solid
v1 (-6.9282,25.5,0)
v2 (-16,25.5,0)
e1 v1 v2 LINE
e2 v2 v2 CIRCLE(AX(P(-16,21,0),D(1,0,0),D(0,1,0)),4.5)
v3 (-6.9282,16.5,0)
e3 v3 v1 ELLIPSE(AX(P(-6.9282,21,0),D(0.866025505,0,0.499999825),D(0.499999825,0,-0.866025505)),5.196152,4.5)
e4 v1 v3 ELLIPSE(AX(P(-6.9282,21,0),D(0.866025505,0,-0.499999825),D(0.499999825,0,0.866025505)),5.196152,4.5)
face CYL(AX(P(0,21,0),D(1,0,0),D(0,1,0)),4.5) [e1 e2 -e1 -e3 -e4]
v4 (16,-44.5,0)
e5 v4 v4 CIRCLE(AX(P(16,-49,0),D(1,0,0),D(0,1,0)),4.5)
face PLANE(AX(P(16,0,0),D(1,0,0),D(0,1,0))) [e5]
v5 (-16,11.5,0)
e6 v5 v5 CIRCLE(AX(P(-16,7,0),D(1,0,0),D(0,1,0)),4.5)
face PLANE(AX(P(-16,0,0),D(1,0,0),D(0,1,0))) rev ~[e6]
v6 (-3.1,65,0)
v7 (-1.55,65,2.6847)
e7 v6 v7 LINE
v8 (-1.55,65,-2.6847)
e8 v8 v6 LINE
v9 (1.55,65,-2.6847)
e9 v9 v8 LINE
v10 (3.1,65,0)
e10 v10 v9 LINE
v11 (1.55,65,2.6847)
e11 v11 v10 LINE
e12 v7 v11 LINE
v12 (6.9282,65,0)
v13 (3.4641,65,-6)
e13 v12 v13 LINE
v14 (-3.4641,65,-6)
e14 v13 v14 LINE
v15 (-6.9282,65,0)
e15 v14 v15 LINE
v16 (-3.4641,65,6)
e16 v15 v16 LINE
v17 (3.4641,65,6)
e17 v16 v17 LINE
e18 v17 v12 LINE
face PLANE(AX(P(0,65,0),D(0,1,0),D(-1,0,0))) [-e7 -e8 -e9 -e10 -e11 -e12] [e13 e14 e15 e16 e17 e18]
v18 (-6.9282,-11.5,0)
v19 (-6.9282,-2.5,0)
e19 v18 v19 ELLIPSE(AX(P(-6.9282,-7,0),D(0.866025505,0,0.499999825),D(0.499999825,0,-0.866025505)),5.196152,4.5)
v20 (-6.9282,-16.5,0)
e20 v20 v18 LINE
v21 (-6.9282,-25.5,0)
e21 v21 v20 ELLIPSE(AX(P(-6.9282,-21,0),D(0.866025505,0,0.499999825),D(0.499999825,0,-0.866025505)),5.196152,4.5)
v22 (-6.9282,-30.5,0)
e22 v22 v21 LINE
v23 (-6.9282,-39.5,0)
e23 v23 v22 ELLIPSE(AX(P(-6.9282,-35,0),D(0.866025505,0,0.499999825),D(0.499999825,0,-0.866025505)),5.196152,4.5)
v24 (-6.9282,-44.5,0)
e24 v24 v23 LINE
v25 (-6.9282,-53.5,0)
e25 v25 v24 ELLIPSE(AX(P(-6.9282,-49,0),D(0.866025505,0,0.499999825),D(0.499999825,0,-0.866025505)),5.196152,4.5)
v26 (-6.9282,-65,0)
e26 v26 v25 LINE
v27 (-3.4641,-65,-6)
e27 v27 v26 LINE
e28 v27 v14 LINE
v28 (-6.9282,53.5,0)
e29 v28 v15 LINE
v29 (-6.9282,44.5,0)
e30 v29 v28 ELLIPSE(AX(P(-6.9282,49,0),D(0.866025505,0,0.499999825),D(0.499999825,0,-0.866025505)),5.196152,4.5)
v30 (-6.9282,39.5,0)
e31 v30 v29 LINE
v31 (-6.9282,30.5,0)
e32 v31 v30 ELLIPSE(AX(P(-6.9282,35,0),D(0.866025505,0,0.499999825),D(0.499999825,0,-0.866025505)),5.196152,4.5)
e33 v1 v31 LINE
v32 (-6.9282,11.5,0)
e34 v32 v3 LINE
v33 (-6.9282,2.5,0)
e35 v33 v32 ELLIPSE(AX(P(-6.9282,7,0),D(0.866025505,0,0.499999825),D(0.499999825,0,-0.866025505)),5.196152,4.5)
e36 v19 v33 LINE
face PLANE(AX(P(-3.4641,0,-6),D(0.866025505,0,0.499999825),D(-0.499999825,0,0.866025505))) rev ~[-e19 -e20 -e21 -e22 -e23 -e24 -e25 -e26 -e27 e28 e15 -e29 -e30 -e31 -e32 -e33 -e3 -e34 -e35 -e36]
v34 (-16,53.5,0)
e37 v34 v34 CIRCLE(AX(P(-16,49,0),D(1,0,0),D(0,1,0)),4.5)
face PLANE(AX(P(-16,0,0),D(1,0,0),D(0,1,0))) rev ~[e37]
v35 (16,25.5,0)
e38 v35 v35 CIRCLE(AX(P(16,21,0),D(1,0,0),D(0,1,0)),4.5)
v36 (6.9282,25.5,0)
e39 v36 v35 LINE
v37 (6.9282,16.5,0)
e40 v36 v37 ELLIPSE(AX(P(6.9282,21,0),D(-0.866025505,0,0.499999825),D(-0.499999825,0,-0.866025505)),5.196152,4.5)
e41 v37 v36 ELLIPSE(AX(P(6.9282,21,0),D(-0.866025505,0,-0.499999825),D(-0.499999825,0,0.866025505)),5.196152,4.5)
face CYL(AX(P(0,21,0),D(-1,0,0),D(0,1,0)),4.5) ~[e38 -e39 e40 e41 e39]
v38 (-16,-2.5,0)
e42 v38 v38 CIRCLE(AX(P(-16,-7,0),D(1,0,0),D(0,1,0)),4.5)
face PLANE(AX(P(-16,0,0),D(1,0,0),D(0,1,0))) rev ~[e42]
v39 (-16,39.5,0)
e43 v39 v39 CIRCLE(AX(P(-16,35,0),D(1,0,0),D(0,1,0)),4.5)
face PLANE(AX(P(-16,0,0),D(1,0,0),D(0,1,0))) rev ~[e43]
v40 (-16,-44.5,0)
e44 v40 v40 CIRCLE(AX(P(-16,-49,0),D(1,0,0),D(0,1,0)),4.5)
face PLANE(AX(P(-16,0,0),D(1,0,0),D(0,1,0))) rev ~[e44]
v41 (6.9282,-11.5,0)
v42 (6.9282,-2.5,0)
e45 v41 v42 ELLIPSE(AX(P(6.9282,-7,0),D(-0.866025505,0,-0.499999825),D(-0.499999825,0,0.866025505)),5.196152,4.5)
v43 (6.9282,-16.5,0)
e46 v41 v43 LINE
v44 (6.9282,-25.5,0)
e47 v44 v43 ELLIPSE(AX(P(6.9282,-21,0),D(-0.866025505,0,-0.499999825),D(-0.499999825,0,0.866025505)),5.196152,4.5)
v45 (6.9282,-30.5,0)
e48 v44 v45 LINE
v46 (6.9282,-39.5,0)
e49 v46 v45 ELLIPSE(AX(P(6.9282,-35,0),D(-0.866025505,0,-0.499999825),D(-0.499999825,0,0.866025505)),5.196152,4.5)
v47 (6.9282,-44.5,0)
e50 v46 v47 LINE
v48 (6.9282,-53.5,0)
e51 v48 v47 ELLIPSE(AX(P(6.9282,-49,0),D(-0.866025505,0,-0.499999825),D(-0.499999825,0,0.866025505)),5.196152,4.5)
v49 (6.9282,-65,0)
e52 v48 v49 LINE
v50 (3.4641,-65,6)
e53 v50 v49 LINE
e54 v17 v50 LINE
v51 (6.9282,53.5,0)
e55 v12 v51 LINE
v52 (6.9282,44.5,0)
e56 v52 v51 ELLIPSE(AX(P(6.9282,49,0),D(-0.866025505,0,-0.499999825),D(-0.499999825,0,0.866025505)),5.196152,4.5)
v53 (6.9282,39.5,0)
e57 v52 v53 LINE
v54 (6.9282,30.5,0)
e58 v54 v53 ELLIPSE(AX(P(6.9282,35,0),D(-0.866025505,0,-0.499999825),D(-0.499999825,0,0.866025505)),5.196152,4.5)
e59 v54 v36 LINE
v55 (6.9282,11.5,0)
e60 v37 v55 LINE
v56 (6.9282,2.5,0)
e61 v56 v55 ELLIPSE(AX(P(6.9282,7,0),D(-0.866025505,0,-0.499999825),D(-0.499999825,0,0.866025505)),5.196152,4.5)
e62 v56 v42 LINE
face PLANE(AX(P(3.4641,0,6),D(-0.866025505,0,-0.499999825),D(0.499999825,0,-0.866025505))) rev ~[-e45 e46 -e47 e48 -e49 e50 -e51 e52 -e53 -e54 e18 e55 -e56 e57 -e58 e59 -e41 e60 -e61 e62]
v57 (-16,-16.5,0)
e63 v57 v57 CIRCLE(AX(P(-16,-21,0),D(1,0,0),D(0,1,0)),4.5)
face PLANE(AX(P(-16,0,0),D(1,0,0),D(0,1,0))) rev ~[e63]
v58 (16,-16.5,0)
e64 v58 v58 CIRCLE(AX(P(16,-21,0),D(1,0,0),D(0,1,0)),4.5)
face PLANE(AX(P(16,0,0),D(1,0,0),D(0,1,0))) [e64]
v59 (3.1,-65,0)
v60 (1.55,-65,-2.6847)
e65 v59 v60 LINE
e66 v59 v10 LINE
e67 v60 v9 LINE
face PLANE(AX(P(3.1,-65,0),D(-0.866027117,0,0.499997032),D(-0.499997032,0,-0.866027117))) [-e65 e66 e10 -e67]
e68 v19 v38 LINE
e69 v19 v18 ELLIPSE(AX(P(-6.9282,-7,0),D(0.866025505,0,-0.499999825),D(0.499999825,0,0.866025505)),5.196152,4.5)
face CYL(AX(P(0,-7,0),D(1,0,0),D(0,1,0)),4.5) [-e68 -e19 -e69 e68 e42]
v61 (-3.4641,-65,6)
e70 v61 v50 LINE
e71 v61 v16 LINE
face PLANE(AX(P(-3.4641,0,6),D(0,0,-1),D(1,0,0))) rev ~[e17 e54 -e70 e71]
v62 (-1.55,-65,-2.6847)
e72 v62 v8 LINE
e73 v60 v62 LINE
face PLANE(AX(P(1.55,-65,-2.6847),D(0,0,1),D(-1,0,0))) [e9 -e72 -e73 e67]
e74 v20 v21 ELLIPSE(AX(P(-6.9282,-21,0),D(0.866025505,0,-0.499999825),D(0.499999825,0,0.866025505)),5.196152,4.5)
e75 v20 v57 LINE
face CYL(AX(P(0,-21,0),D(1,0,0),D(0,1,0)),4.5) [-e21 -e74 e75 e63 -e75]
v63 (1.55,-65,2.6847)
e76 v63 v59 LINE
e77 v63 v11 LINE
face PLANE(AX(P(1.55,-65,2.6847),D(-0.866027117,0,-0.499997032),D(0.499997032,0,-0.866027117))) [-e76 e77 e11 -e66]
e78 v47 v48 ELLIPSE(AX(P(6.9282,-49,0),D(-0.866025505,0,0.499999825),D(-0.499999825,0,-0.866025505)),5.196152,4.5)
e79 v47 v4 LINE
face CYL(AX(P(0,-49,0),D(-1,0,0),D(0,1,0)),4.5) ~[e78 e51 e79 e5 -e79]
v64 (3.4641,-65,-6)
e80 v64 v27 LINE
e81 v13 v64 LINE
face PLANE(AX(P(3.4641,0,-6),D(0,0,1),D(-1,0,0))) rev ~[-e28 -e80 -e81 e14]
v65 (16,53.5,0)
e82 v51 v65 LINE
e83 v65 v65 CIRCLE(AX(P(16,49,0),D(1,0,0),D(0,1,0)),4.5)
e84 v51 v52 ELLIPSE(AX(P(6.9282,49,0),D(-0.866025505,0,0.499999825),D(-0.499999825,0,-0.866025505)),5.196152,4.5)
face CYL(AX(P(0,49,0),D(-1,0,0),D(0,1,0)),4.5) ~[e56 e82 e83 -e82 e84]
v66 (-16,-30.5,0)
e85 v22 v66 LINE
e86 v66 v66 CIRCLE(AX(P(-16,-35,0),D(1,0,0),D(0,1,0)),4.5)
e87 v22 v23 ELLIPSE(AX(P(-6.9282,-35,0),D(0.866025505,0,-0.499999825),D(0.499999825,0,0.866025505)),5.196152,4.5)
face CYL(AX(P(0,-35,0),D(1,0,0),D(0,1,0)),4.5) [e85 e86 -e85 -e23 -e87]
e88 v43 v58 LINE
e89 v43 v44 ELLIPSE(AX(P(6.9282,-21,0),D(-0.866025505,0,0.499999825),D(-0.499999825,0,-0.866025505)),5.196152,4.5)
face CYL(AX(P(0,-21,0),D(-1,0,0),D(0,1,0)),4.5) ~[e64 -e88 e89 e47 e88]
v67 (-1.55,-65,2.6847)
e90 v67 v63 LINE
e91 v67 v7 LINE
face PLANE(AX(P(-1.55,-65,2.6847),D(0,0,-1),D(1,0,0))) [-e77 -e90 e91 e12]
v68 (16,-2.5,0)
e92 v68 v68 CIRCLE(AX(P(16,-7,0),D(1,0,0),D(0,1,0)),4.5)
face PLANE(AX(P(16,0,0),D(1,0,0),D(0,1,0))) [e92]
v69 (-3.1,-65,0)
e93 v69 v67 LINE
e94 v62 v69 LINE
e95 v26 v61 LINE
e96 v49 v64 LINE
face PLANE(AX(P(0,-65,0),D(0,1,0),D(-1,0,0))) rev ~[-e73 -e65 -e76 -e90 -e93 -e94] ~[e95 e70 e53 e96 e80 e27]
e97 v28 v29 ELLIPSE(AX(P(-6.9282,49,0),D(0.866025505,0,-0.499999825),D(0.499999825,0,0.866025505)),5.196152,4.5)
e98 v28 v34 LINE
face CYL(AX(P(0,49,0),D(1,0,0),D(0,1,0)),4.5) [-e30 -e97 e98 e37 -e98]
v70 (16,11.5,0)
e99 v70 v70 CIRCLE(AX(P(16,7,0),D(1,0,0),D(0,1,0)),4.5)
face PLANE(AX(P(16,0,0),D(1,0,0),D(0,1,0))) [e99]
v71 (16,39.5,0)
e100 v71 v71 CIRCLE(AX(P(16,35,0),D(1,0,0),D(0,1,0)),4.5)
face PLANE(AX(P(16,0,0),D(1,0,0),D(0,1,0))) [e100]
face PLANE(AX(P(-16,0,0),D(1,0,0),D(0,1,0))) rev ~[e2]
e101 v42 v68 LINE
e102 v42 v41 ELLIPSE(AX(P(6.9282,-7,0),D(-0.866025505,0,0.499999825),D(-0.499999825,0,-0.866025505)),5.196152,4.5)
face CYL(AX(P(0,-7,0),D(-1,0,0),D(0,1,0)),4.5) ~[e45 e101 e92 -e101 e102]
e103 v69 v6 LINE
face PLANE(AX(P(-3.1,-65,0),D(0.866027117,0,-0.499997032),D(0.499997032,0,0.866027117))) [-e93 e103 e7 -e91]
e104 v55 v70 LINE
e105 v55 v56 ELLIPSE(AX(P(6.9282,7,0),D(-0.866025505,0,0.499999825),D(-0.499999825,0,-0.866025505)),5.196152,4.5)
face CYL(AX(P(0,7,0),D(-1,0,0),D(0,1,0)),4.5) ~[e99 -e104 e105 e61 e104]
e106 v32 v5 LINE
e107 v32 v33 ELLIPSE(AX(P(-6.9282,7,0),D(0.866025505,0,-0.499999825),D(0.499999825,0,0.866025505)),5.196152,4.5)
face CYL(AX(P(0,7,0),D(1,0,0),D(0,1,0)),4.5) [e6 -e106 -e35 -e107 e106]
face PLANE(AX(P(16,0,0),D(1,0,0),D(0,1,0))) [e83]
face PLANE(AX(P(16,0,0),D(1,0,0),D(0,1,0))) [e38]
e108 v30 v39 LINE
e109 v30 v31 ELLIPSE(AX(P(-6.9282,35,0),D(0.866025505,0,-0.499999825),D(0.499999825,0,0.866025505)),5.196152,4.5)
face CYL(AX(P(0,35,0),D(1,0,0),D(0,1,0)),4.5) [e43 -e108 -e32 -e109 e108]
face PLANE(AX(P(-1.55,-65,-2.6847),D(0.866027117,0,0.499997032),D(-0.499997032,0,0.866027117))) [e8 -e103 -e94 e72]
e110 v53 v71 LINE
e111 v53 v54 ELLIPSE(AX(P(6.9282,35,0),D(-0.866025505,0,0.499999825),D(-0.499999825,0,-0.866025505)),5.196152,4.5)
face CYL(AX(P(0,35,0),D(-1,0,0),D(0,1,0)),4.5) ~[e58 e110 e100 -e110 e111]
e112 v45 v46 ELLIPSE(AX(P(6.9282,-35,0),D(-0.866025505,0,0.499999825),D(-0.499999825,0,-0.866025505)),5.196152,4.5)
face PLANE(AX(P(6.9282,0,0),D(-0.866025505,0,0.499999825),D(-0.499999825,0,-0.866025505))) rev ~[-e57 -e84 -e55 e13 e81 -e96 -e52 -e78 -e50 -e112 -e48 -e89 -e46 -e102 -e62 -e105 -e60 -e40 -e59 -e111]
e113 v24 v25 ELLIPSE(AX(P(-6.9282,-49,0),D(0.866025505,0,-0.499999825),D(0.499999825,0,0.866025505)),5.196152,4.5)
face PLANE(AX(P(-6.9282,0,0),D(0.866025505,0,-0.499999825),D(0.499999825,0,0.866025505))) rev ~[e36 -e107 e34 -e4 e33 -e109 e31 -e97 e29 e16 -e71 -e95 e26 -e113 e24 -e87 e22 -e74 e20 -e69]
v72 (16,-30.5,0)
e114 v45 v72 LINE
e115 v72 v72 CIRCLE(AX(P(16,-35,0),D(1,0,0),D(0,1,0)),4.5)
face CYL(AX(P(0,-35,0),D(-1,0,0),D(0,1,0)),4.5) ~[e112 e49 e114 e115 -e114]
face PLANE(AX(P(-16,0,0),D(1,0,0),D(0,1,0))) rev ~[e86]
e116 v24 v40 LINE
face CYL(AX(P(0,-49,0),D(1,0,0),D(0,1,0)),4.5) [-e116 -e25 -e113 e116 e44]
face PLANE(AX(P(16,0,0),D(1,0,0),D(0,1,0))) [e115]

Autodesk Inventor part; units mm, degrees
ref_plane "YZ Plane" through (0, 0, 0) normal (1, 0, 0) x (0, 1, 0)
ref_plane "XZ Plane" through (0, 0, 0) normal (0, 1, 0) x (-1, 0, 0)
ref_plane "XY Plane" through (0, 0, 0) normal (0, 0, 1) x (1, 0, 0)
sketch "Outer Diameter Sketch" plane through (0, 0, 0) normal (0, 1, 0) x (-1, 0, 0)
  line L0 (0, -28.0163) -> (0, 28.3344) construction
  line L1 (17.1062, 0) -> (-23.8822, 0) construction
  line L2 (3.4641, -6) -> (6.9282, 0)
  line L3 (6.9282, 0) -> (3.4641, 6)
  line L4 (3.4641, 6) -> (-3.4641, 6)
  line L5 (-3.4641, 6) -> (-6.9282, 0)
  line L6 (-6.9282, 0) -> (-3.4641, -6)
  line L7 (-3.4641, -6) -> (3.4641, -6)
  line L8 (0, -6) -> (0, 6) construction
  line L9 (-6.9282, 0) -> (6.9282, 0) construction
  point P0 (0, 0)
  dimension "d23" = 120
  dimension "d25" = 120
  dimension "d27" = 120
  dimension "d29" = 120
  dimension "d31" = 120
  dimension "d32" = 12
extrude "Outer Diameter Extrusion" add sketch "Outer Diameter Sketch" along normal mid plane 130
sketch "Sketch2" plane through (0, 0, 0) normal (1, 0, 0) x (0, 1, 0)
  circle A0 centre (-7, 0) radius 4.5
  line L0 (-72, 0) -> (-7, 0) construction
  line L1 (-7, 0) -> (58, 0) construction
  circle A1 centre (7, 0) radius 4.5
  circle A2 centre (21, 0) radius 4.5
  circle A3 centre (35, 0) radius 4.5
  circle A4 centre (-21, 0) radius 4.5
  circle A5 centre (-7, 0) radius 4.5
  circle A6 centre (7, 0) radius 4.5
  circle A7 centre (21, 0) radius 4.5
  circle A8 centre (-35, 0) radius 4.5
  circle A9 centre (-21, 0) radius 4.5
  circle A10 centre (-7, 0) radius 4.5
  circle A11 centre (7, 0) radius 4.5
  circle A12 centre (-49, 0) radius 4.5
  circle A13 centre (-35, 0) radius 4.5
  circle A14 centre (-21, 0) radius 4.5
  circle A15 centre (-7, 0) radius 4.5
  line L2 (0, 54.0285) -> (0, -72.3739) construction
  circle A16 centre (49, 0) radius 4.5
  circle A17 centre (35, 0) radius 4.5
  circle A18 centre (21, 0) radius 4.5
  circle A19 centre (7, 0) radius 4.5
  dimension "d3" = 9
  dimension "d5" = 130
  dimension "d8" = 14
  dimension "d11" = 14
  dimension "d47" = 7
  dimension "d48" = 7
extrude "Peg Extrusions" add sketch "Sketch2" along normal mid plane 32
sketch "Sketch3" plane through (0, -65, 0) normal (0, -1, 0) x (1, 0, 0)
  line L0 (1.55, -2.6847) -> (-1.55, -2.6847)
  line L1 (-1.55, -2.6847) -> (-3.1, 0)
  line L2 (-3.1, 0) -> (-1.55, 2.6847)
  line L3 (-1.55, 2.6847) -> (1.55, 2.6847)
  line L4 (1.55, 2.6847) -> (3.1, 0)
  line L5 (3.1, 0) -> (1.55, -2.6847)
  line L6 (3.1, 0) -> (-3.1, 0) construction
  line L7 (0, 2.6847) -> (0, -2.6847) construction
  line L8 (10.3659, 0) -> (-11.745, 0) construction
  line L9 (0, -9.4896) -> (0, 9.303) construction
  point P0 (0, 0)
  dimension "d33" = 3.1
  dimension "d34" = 3.1
  dimension "d35" = 120
  dimension "d36" = 3.1
  dimension "d37" = 120
  dimension "d38" = 3.1
  dimension "d39" = 120
  dimension "d40" = 3.1
  dimension "d41" = 120
extrude "Inner Hex Cut" cut sketch "Sketch3" against normal up to surface (130 mm away)
equation "\"d1\" = outL"
equation "\"d3\" = pegD"
equation "\"d5\" = outL"
equation "\"d47\" = 0.5 * d8"
equation "\"d14\" = pegL + 2 * outD"
equation "\"d33\" = inhexSL"
equation "\"d34\" = inhexSL"
equation "\"d36\" = inhexSL"
equation "\"d38\" = inhexSL"
equation "\"d40\" = inhexSL"
equation "\"d42\" = pegL + 2 * outD"
equation "\"outD\" = 12"
equation "\"inhexSL\" = 3.1"
equation "\"outL\" = 130"
equation "\"pegL\" = 8"
equation "\"pegD\" = 9"
equation "\"outhexSL\" = 5"
properties part number "Peg Spinner V3"
